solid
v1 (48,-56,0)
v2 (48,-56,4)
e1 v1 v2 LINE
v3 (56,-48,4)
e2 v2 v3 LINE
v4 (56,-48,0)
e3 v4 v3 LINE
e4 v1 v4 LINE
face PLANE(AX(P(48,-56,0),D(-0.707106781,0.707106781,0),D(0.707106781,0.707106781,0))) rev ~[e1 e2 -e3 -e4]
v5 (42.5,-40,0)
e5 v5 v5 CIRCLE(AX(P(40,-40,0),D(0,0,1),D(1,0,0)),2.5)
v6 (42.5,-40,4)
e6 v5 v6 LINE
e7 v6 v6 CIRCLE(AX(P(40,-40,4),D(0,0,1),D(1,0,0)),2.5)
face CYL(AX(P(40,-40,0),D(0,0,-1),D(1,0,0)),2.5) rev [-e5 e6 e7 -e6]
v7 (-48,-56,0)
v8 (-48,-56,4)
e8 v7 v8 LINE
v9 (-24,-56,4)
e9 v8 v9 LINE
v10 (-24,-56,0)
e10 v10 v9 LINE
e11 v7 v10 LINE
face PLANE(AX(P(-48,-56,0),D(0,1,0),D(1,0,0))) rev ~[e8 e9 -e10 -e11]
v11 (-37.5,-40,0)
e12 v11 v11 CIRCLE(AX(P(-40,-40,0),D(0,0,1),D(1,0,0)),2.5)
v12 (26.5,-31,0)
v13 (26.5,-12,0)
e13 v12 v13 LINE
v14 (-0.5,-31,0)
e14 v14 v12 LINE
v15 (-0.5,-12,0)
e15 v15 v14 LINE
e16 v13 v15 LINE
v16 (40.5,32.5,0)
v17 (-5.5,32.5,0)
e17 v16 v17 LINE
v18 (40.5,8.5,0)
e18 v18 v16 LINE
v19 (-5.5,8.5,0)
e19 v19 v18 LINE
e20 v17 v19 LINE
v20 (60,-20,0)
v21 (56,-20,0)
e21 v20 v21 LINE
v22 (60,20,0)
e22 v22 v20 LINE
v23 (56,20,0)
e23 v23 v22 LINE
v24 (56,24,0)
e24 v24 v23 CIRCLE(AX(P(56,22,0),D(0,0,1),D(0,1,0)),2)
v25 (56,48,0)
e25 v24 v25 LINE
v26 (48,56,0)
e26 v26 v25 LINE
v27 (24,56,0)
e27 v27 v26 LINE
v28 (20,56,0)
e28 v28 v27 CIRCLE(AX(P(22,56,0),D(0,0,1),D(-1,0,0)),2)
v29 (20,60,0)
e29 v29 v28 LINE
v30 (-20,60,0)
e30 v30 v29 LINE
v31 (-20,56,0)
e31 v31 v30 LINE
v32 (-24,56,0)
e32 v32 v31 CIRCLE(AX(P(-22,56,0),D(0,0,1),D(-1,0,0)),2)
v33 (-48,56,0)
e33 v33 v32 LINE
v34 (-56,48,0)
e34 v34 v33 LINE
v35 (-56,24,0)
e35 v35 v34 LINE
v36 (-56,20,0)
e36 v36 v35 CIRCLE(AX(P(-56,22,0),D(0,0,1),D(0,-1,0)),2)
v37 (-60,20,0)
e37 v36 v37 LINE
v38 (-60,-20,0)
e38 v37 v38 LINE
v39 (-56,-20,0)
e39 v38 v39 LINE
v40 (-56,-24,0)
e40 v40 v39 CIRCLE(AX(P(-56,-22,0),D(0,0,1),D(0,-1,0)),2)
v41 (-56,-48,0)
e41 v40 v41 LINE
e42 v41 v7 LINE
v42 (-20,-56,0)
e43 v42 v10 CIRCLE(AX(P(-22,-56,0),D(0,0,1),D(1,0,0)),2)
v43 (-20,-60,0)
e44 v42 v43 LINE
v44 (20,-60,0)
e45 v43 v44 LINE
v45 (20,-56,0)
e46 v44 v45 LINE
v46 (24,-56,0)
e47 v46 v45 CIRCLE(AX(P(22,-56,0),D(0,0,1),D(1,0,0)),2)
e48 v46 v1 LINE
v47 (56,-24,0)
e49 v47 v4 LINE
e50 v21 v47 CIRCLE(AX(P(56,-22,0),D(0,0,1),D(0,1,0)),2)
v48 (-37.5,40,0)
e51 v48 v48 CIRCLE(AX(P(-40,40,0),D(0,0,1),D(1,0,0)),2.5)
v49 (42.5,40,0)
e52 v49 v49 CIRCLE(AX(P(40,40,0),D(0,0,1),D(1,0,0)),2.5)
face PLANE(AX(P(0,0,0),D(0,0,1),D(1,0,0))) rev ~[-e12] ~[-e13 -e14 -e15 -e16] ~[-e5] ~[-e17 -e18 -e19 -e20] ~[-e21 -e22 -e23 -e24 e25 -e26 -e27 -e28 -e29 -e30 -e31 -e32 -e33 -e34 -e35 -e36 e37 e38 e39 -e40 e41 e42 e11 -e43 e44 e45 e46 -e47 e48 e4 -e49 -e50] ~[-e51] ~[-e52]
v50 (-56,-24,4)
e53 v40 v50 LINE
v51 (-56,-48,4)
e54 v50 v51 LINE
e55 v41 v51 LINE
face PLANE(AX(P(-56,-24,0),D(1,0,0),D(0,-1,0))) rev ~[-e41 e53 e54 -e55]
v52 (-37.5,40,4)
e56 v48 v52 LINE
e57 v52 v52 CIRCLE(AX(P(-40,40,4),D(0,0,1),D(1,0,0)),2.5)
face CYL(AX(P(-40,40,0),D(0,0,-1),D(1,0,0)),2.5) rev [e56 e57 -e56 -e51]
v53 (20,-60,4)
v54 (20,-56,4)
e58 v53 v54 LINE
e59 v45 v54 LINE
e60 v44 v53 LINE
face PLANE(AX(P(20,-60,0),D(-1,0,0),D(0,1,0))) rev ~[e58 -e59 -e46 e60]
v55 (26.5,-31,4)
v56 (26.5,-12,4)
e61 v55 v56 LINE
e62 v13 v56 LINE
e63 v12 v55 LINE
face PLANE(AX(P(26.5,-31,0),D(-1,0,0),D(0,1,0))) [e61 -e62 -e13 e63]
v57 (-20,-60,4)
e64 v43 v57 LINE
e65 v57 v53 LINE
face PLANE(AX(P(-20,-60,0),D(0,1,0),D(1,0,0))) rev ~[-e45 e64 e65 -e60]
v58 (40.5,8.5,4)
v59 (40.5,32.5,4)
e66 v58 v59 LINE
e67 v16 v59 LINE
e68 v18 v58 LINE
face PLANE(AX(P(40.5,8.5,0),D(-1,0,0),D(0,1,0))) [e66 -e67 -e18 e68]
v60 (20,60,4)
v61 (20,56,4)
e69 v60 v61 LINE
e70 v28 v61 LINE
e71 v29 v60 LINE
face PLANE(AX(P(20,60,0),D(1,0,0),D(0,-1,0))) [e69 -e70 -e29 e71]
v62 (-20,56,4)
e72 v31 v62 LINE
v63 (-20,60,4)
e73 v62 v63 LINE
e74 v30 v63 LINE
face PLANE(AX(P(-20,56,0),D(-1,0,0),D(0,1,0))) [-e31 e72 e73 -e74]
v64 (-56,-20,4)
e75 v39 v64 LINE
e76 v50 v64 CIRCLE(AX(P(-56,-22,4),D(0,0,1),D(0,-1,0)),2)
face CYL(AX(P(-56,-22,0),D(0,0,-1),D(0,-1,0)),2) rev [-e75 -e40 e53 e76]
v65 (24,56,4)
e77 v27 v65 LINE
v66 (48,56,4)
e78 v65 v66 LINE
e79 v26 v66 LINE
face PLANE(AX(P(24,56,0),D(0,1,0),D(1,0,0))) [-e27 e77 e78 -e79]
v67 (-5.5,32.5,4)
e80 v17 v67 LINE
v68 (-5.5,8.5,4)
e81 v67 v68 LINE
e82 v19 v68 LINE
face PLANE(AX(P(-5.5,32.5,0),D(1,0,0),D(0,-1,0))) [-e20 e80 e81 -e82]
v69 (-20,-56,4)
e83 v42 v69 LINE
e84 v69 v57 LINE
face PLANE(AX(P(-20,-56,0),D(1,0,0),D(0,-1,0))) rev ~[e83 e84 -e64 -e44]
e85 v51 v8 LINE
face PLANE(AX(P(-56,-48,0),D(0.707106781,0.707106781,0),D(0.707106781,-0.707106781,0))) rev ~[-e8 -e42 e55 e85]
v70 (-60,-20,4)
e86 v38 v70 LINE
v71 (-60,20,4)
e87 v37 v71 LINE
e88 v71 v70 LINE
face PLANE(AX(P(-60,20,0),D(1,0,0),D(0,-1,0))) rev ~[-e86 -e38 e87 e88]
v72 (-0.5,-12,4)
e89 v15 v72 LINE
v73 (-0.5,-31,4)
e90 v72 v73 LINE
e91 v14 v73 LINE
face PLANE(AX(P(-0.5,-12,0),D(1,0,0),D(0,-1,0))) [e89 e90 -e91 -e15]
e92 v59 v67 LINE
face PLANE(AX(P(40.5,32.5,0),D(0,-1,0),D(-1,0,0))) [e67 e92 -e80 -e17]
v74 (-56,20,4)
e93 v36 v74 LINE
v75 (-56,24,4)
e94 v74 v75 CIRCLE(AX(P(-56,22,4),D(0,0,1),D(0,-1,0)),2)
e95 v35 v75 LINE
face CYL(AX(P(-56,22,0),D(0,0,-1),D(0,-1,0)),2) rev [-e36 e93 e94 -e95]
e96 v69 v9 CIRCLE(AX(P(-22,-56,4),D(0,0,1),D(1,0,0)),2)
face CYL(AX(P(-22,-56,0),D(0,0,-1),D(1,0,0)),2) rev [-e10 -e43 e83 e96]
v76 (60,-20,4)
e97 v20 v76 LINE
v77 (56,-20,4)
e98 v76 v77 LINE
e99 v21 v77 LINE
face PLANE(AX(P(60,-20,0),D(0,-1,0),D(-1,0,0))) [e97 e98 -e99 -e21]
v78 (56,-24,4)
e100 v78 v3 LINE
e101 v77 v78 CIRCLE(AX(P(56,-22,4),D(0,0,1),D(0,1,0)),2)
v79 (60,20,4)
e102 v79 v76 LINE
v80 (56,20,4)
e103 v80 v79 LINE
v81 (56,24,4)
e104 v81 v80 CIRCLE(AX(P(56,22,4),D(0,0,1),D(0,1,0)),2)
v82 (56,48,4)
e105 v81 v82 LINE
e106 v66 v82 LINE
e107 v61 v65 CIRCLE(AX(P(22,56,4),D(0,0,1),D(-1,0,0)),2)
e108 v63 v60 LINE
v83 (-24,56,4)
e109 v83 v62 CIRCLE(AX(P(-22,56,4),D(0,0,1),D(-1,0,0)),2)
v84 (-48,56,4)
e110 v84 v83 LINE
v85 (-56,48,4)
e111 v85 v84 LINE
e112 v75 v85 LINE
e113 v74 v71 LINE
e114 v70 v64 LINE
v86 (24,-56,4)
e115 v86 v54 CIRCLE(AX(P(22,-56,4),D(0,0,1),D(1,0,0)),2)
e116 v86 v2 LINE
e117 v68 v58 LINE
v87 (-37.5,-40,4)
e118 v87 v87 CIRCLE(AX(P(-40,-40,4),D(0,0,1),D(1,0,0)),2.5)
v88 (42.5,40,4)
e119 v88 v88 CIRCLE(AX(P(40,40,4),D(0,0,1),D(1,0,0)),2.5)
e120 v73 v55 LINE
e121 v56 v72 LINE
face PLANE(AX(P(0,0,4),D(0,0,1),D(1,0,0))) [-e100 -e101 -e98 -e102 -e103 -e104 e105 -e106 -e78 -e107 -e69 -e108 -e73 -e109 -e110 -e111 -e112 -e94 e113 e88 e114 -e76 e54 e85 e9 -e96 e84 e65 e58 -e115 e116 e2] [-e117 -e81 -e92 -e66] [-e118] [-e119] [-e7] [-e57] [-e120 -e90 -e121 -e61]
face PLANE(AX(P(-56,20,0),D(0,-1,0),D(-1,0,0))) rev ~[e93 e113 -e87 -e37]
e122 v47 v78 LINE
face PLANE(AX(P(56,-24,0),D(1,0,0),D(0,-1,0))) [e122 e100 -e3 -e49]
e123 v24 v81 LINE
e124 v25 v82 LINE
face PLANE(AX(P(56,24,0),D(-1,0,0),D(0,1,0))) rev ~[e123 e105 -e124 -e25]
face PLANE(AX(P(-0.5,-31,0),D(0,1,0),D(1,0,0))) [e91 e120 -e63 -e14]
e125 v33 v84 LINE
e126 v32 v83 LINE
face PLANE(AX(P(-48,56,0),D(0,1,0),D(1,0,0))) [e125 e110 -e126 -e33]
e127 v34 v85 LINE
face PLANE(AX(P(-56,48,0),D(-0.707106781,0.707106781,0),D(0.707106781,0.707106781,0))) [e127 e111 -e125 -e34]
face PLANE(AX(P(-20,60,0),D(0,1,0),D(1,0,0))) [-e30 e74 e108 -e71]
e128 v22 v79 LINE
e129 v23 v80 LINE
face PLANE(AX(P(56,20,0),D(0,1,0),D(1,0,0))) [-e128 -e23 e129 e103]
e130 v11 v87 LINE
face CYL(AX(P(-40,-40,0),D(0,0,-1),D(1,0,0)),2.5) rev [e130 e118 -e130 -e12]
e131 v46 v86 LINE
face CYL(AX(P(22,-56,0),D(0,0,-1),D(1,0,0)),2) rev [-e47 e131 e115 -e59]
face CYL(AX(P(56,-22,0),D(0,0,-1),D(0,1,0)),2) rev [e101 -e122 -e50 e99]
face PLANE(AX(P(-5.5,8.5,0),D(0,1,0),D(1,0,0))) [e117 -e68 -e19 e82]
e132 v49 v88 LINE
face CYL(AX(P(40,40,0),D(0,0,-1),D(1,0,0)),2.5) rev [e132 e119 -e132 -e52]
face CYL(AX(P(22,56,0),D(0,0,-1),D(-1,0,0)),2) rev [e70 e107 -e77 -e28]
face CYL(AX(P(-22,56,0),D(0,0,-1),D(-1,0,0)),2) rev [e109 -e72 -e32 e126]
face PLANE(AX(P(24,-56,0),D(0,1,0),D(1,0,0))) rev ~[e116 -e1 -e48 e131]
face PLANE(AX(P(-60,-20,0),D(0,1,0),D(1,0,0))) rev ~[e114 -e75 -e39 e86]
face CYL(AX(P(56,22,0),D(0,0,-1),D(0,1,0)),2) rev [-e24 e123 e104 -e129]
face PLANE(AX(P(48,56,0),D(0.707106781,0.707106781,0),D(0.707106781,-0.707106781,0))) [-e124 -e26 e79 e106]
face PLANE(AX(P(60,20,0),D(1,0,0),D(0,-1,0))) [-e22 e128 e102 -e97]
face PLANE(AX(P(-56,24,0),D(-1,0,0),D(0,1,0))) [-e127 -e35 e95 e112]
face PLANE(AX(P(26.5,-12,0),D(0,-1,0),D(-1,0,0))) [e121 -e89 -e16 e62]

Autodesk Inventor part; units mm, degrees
ref_plane "YZ Plane" through (0, 0, 0) normal (1, 0, 0) x (0, 1, 0)
ref_plane "XZ Plane" through (0, 0, 0) normal (0, 1, 0) x (-1, 0, 0)
ref_plane "XY Plane" through (0, 0, 0) normal (0, 0, 1) x (1, 0, 0)
sketch "Boceto1" plane through (0, 0, 0) normal (0, 0, 1) x (1, 0, 0)
  line L0 (-60, 20) -> (-60, -20)
  line L1 (-60, -20) -> (-56, -20)
  arc A0 (-56, -24) -> (-56, -20) centre (-56, -22) ccw
  line L2 (-56, -24) -> (-56, -48)
  line L3 (-56, -48) -> (-48, -56)
  line L4 (-48, -56) -> (-24, -56)
  arc A1 (-20, -56) -> (-24, -56) centre (-22, -56) ccw
  line L5 (-20, -56) -> (-20, -60)
  line L6 (-20, -60) -> (20, -60)
  line L7 (20, -60) -> (20, -56)
  arc A2 (24, -56) -> (20, -56) centre (22, -56) ccw
  line L8 (24, -56) -> (48, -56)
  line L9 (48, -56) -> (56, -48)
  line L10 (27.1297, 0) -> (-27.1297, 0) construction
  line L11 (0, -24.7936) -> (0, 24.7936) construction
  arc A3 (-56, 20) -> (-56, 24) centre (-56, 22) ccw
  line L12 (-56, 24) -> (-56, 48)
  line L13 (-56, 48) -> (-48, 56)
  line L14 (-48, 56) -> (-24, 56)
  arc A4 (-24, 56) -> (-20, 56) centre (-22, 56) ccw
  line L15 (-20, 56) -> (-20, 60)
  line L16 (-20, 60) -> (20, 60)
  line L17 (20, 60) -> (20, 56)
  arc A5 (20, 56) -> (24, 56) centre (22, 56) ccw
  line L18 (24, 56) -> (48, 56)
  line L19 (48, 56) -> (56, 48)
  line L20 (-56, 20) -> (-60, 20)
  line L21 (60, 20) -> (60, -20)
  line L22 (60, -20) -> (56, -20)
  arc A6 (56, -20) -> (56, -24) centre (56, -22) ccw
  line L23 (56, -24) -> (56, -48)
  line L24 (56, 24) -> (56, 48)
  arc A7 (56, 24) -> (56, 20) centre (56, 22) ccw
  line L25 (56, 20) -> (60, 20)
  circle A8 centre (40, -40) radius 2.5
  circle A9 centre (40, 40) radius 2.5
  circle A10 centre (-40, -40) radius 2.5
  circle A11 centre (-40, 40) radius 2.5
  line L26 (40.5, 8.5) -> (40.5, 32.5)
  line L27 (40.5, 32.5) -> (-5.5, 32.5)
  line L28 (-5.5, 32.5) -> (-5.5, 8.5)
  line L29 (-5.5, 8.5) -> (40.5, 8.5)
  line L30 (-18, 36) -> (-18, 5) construction
  line L31 (-18, 5) -> (53, 5) construction
  line L32 (53, 5) -> (53, 36) construction
  line L33 (53, 36) -> (-18, 36) construction
  line L34 (26.5, -12) -> (-0.5, -12)
  line L35 (-0.5, -12) -> (-0.5, -31)
  line L36 (-0.5, -31) -> (26.5, -31)
  line L37 (26.5, -31) -> (26.5, -12)
  point P0 (0, 0)
  point P1 (0, 0)
  point P2 (-60, 0)
  point P3 (0, 60)
  point P4 (17.5, 36)
  point P5 (17.5, 32.5)
  point P6 (53, 20.5)
  point P7 (40.5, 20.5)
  dimension "d0" = 40
  dimension "d1" = 4
  dimension "d2" = 2
  dimension "d3" = 112
  dimension "d4" = 120
  dimension "d5" = 4
  dimension "d6" = 8
  dimension "d7" = 5
  dimension "d8" = 80
  dimension "d9" = 80
  dimension "d10" = 24
  dimension "d11" = 46
  dimension "d12" = 31
  dimension "d13" = 71
  dimension "d14" = 3
  dimension "d15" = 20
  dimension "d16" = 19
  dimension "d17" = 27
  dimension "d18" = 5
  dimension "d19" = 24
extrude "Extrusión1" add sketch "Boceto1" along normal blind 4
equation "\"d5\" = d1"
equation "\"d9\" = d8"
properties part number "Tapa Enchufes"
